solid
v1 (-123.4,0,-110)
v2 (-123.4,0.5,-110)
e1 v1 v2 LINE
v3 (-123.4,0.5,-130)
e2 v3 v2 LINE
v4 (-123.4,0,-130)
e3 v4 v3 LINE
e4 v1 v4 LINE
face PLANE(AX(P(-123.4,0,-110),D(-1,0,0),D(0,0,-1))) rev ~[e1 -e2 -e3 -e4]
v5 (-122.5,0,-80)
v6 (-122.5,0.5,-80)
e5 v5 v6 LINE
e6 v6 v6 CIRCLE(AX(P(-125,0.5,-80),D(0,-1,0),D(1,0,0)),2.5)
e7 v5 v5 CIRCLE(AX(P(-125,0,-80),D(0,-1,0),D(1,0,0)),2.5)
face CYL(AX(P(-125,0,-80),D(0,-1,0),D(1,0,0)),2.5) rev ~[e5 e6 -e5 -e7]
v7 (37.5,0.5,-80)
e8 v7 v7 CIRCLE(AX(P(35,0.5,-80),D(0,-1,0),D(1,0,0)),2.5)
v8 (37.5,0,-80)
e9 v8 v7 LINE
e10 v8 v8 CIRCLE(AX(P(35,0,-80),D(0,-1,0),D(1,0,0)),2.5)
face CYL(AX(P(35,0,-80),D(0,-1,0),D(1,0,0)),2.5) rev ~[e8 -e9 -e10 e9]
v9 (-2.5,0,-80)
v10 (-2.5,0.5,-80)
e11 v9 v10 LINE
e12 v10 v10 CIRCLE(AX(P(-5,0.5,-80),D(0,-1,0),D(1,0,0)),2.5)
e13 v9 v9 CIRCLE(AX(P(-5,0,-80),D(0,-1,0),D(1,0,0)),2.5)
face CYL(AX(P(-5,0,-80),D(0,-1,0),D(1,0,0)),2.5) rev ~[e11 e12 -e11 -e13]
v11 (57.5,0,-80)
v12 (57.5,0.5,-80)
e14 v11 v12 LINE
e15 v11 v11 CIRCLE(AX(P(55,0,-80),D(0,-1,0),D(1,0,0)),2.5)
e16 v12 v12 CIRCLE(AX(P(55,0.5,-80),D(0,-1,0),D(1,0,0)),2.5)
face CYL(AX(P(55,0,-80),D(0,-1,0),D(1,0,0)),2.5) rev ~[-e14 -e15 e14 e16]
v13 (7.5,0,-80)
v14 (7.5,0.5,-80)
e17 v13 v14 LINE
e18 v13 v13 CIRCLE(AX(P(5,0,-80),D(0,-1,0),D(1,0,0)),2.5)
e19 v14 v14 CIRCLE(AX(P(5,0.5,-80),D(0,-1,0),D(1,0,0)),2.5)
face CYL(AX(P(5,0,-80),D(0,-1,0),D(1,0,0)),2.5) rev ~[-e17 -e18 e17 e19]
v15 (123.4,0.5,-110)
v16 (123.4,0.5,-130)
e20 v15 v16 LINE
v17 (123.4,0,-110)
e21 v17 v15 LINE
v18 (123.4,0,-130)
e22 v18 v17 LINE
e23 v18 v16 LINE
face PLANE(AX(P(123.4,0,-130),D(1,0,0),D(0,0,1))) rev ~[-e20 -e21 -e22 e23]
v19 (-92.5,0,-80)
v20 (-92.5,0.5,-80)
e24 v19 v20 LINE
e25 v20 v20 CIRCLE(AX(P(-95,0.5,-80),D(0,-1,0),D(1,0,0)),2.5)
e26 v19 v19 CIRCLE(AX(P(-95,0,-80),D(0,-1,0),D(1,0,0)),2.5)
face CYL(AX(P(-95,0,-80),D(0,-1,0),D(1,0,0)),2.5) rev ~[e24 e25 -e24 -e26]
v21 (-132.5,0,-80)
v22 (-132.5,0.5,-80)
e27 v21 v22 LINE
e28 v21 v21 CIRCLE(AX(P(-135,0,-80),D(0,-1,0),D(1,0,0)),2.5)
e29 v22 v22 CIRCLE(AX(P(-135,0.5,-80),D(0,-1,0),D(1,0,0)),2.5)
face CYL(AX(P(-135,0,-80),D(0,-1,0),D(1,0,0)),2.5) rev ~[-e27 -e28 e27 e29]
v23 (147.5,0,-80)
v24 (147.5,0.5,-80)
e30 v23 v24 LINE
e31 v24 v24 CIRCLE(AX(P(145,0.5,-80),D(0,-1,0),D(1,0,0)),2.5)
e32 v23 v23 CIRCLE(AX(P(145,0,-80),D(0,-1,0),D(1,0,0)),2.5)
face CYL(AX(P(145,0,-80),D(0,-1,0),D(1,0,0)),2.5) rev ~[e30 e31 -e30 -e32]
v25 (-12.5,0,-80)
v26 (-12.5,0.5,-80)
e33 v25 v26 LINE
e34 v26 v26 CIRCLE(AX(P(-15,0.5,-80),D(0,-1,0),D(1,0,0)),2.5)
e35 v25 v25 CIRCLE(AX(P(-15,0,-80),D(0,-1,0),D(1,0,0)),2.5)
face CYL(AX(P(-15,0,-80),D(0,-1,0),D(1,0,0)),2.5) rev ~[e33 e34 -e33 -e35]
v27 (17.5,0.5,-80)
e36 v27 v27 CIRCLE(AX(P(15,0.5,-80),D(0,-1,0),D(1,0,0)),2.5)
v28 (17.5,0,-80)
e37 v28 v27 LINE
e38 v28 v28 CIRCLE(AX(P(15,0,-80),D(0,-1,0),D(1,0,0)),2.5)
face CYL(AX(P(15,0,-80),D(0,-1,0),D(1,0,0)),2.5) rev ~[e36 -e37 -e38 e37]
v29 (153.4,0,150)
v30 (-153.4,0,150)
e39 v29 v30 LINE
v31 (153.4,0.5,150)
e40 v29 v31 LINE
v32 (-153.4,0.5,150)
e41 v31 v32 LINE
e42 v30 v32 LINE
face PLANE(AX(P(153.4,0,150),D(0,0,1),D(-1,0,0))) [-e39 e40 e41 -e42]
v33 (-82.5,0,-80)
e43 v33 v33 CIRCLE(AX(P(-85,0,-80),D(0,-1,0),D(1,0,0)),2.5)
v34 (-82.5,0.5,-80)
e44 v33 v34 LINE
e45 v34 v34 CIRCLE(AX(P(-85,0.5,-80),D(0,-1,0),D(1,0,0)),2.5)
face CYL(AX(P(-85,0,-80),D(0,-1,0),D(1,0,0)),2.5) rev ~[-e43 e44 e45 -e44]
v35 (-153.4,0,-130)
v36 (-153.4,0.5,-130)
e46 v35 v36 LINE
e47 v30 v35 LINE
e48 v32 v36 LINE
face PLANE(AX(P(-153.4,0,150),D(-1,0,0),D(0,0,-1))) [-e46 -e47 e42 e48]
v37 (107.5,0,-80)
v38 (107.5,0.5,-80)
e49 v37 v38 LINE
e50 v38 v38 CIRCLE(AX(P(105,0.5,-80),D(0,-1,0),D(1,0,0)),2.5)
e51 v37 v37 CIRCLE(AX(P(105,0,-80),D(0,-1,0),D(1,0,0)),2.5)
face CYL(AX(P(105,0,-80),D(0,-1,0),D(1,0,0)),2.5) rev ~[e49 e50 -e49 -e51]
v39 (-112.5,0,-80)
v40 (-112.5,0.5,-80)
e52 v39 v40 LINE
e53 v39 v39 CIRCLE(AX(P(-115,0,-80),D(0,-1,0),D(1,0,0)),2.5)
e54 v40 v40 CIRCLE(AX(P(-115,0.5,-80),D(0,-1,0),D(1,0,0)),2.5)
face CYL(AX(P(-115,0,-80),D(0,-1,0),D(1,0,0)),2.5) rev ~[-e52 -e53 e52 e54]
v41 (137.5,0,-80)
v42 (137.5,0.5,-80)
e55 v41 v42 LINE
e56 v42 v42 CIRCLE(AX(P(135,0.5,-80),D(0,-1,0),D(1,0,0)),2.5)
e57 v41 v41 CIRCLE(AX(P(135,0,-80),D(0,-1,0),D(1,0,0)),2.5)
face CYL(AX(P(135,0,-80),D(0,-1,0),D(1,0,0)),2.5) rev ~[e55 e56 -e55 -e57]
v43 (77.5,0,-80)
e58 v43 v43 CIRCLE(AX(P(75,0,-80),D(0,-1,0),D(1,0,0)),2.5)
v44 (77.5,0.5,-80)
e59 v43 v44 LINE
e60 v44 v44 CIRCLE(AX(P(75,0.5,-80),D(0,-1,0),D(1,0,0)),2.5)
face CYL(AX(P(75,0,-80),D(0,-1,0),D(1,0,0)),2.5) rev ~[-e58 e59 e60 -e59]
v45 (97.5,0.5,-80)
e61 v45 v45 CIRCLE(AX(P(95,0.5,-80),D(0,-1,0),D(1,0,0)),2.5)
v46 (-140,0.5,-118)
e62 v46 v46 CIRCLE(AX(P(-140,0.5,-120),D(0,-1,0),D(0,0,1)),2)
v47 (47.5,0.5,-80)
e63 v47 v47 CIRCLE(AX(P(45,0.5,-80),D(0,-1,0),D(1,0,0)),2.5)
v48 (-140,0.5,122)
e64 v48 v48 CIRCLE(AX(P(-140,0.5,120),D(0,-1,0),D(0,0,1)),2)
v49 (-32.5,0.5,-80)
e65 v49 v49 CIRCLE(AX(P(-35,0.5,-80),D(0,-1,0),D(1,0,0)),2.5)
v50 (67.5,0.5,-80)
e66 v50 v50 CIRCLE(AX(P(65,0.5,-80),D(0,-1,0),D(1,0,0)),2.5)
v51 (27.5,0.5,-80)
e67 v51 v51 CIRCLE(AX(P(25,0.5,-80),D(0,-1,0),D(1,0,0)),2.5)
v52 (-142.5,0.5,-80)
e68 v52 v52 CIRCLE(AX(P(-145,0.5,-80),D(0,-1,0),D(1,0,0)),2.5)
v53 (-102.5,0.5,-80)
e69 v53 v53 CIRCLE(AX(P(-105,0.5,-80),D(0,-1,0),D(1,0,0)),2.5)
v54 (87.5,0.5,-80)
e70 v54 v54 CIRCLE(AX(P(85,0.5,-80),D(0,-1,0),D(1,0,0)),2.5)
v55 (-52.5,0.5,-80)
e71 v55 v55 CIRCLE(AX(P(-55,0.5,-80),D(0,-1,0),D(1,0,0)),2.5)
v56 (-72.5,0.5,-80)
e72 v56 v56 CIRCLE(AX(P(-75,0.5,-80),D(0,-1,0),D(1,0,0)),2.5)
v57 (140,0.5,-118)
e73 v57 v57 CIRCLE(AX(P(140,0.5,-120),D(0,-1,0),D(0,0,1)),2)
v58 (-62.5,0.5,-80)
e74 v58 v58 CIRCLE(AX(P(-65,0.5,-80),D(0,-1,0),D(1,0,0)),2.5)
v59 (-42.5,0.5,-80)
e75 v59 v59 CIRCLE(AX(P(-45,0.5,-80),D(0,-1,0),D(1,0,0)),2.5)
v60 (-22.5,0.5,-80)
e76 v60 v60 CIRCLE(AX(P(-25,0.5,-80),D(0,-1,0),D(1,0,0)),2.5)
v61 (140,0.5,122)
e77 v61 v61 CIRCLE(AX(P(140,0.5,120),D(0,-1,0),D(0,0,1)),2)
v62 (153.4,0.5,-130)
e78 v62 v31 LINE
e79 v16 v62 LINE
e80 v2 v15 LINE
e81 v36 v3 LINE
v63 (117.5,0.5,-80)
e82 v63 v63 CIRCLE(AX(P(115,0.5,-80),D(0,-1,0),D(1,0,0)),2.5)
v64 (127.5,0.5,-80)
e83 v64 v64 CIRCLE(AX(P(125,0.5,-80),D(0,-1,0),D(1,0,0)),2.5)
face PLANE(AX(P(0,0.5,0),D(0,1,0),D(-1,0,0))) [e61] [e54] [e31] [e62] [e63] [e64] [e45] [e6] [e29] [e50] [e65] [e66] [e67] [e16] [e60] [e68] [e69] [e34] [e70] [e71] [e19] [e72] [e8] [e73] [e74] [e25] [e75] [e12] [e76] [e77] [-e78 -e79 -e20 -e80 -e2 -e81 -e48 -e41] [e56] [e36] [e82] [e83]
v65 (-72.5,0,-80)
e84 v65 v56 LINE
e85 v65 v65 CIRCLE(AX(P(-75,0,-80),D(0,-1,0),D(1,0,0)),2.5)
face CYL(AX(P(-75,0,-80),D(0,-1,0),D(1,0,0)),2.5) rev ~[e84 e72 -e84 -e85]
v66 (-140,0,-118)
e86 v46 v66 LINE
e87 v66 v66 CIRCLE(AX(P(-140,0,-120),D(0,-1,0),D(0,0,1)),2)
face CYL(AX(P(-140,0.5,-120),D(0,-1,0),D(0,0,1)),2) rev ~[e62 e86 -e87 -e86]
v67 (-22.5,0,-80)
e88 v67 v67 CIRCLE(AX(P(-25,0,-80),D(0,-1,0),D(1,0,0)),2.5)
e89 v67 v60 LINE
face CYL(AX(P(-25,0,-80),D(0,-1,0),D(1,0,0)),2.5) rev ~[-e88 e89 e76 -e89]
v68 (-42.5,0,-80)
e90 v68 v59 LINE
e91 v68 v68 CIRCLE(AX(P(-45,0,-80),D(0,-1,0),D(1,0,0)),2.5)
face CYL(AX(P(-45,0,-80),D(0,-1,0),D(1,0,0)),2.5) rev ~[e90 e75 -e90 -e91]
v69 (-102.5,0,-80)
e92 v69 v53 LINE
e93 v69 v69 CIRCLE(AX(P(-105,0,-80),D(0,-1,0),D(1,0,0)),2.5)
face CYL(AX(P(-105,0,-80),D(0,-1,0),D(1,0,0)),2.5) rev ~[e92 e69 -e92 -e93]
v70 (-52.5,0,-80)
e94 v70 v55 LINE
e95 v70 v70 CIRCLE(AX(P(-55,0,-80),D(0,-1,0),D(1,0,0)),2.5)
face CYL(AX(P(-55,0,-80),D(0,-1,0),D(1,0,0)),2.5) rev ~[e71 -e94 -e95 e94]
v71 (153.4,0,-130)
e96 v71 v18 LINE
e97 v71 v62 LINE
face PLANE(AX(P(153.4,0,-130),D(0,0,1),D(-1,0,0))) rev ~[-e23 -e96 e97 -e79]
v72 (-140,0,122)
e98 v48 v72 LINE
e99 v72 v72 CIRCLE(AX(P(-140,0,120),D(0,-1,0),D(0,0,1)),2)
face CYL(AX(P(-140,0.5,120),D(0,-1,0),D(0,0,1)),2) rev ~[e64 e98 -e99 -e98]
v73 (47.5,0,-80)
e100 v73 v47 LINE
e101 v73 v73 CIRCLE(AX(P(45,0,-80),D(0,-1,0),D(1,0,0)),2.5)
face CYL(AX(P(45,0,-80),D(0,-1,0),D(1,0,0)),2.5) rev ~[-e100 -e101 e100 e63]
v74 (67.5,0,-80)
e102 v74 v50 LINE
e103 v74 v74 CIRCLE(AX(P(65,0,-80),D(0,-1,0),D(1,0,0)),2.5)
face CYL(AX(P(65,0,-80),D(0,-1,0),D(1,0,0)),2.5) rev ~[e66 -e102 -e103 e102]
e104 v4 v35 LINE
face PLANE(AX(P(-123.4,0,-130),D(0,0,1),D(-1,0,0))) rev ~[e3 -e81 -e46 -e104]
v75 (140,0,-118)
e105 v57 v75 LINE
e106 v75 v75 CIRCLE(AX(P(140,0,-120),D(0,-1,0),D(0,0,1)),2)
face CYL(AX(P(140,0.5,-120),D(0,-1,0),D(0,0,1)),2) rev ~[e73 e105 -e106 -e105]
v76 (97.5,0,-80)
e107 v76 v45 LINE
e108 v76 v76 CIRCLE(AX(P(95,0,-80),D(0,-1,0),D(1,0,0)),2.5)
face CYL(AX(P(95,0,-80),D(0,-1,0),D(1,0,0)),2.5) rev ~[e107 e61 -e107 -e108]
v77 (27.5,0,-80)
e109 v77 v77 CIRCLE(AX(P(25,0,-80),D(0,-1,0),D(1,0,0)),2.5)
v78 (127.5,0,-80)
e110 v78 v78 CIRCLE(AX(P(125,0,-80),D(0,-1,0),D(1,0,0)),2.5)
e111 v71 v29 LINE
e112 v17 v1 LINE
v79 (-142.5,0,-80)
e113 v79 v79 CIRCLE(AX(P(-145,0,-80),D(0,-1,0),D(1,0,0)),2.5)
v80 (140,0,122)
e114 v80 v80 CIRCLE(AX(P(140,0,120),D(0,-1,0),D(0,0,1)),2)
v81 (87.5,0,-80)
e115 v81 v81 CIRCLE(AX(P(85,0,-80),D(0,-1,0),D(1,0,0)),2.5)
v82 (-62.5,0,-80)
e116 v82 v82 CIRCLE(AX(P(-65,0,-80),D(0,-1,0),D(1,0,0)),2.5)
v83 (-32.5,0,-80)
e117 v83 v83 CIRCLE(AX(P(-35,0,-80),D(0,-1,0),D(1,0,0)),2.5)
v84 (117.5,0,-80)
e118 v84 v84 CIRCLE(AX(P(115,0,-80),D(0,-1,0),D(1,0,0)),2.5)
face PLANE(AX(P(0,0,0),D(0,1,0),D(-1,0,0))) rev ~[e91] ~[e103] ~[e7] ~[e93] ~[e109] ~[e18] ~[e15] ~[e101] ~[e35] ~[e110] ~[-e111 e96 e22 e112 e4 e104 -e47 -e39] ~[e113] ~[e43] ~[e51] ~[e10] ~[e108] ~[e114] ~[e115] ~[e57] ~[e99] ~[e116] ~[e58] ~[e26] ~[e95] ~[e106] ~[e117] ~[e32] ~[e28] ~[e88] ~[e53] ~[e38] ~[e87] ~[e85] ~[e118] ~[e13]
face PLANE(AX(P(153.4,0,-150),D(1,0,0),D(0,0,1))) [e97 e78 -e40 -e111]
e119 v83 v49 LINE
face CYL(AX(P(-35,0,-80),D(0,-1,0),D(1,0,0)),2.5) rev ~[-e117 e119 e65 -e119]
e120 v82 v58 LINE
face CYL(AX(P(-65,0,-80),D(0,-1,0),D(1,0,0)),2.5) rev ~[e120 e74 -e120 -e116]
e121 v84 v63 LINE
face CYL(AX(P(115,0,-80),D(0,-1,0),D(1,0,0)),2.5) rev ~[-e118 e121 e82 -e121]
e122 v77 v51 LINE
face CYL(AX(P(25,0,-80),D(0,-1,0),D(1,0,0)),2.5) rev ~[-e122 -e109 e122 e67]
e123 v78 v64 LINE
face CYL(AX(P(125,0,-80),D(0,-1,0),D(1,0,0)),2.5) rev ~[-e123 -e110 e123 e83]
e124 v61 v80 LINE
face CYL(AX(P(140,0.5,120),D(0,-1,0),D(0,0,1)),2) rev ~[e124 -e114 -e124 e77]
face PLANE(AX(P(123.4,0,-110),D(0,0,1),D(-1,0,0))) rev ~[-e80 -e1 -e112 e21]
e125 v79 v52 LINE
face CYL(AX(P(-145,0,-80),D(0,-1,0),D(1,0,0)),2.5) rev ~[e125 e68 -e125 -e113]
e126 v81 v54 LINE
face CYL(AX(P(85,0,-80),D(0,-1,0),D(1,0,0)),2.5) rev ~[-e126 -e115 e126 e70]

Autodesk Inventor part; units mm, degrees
ref_plane "YZ Plane" through (0, 0, 0) normal (1, 0, 0) x (0, 1, 0)
ref_plane "XZ Plane" through (0, 0, 0) normal (0, 1, 0) x (-1, 0, 0)
ref_plane "XY Plane" through (0, 0, 0) normal (0, 0, 1) x (1, 0, 0)
sketch "Esboço2" plane through (0, 0, 0) normal (0, 1, 0) x (-1, 0, 0)
  line L0 (-153.4, 150) -> (153.4, 150)
  line L1 (153.4, 150) -> (153.4, -150)
  line L2 (153.4, -150) -> (-153.4, -150)
  line L3 (-153.4, -150) -> (-153.4, 150)
  line L4 (-153.4, 150) -> (153.4, -150) construction
  line L5 (153.4, 150) -> (-153.4, -150) construction
  point P0 (0, 0)
  dimension "d2" = 306.8
  dimension "d3" = 300
extrude "Placa1" add sketch "Esboço2" along normal blind 0.5
sketch "Esboço3" plane through (0, 0.5, 0) normal (0, 1, 0) x (1, 0, 0)
  line L0 (153.4, -150) -> (-153.4, -150) projected
  line L1 (-153.4, -150) -> (-153.4, 150) projected
  point P0 (0, 0)
  point P1 (-140, -120)
  point P2 (140, -120)
  point P3 (-140, 120)
  point P4 (140, 120)
  dimension "d5" = 120
  dimension "d6" = 140
  dimension "d9" = 280
  dimension "d12" = 240
hole "Furo1" at (-140, 0.5, 120) at (140, 0.5, 120) at (-140, 0.5, -120) at (140, 0.5, -120) direction (0, -1, 0) diameter 4 end through all
sketch "Esboço4" plane through (0, 0, 0) normal (0, -1, 0) x (1, 0, 0)
  circle A0 centre (-140, -120) radius 2 projected
  circle A1 centre (-140, 120) radius 2 projected
  circle A2 centre (140, 120) radius 2 projected
  circle A3 centre (140, -120) radius 2 projected
  line L0 (153.4, 150) -> (-153.4, 150) projected
  line L1 (-153.4, 150) -> (-153.4, -150) projected
  line L2 (-153.4, -150) -> (153.4, -150) projected
  line L3 (153.4, -150) -> (153.4, 150) projected
  line L4 (-153.4, -150) -> (153.4, -150) projected
  line L5 (-123.4, -150) -> (123.4, -150)
  line L6 (123.4, -130) -> (123.4, -110)
  line L7 (123.4, -110) -> (-123.4, -110)
  line L8 (-123.4, -110) -> (-123.4, -130)
  line L9 (-153.4, 150) -> (-153.4, -150) projected
  line L10 (-153.4, -150) -> (-123.4, -150)
  line L11 (-123.4, -130) -> (-153.4, -130)
  line L12 (-153.4, -130) -> (-153.4, -150)
  line L13 (153.4, -150) -> (153.4, 150) projected
  line L14 (123.4, -150) -> (153.4, -150)
  line L15 (153.4, -150) -> (153.4, -130)
  line L16 (153.4, -130) -> (123.4, -130)
  point P0 (0, 0)
  dimension "d22" = 30
  dimension "d23" = 30
  dimension "d24" = 40
  dimension "d27" = 20
  dimension "d30" = 246.8
extrude "Extrusão2" cut sketch "Esboço4" against normal through all contours L3 L2 L1 L11 L8 L7 L6 L16
sketch "Esboço5" plane through (0, 0, 0) normal (0, -1, 0) x (1, 0, 0)
  line L0 (153.4, -130) -> (153.4, 150) projected
  line L1 (-153.4, 150) -> (-153.4, -130) projected
  circle A0 centre (-145, -80) radius 2.5
  line L2 (-153.4, -130) -> (-123.4, -130) projected
  point P0 (0, 0)
  dimension "d31" = 306.8
  dimension "d32" = 5
  dimension "d33" = 8.4
  dimension "d34" = 50
extrude "Extrusão3" cut sketch "Esboço5" against normal up to surface (0.5 mm away)
pattern_linear "Padrão retangular1" count 30 spacing 10 along (1, 0, 0) of "Extrusão3"
equation "\"d9\" = 2 * d6"
equation "\"d12\" = 2 * d5"
equation "\"d20\" = Espessura"
equation "\"d4\" = Espessura"
equation "\"Raio_vergadura\" = Espessura"
equation "\"Largura_alívio_de_vergadura\" = Espessura"
equation "\"Profundidade_alívio_de_vergadura\" = 0.5 * Espessura"
equation "\"Tamanho_alívio_de_dobra\" = 4 * Espessura"
equation "\"Remanescente_mínimo\" = 2 * Espessura"
equation "\"Raiodetransição\" = Raio_vergadura"
equation "\"Tamanho_de_raio_de_Jacobi\" = Raio_vergadura"
equation "\"TamanhoFolga\" = Espessura"
equation "\"Espessura\" = 0.5"
properties part number "Lateral Acrilico" material "PMMA plástico"
